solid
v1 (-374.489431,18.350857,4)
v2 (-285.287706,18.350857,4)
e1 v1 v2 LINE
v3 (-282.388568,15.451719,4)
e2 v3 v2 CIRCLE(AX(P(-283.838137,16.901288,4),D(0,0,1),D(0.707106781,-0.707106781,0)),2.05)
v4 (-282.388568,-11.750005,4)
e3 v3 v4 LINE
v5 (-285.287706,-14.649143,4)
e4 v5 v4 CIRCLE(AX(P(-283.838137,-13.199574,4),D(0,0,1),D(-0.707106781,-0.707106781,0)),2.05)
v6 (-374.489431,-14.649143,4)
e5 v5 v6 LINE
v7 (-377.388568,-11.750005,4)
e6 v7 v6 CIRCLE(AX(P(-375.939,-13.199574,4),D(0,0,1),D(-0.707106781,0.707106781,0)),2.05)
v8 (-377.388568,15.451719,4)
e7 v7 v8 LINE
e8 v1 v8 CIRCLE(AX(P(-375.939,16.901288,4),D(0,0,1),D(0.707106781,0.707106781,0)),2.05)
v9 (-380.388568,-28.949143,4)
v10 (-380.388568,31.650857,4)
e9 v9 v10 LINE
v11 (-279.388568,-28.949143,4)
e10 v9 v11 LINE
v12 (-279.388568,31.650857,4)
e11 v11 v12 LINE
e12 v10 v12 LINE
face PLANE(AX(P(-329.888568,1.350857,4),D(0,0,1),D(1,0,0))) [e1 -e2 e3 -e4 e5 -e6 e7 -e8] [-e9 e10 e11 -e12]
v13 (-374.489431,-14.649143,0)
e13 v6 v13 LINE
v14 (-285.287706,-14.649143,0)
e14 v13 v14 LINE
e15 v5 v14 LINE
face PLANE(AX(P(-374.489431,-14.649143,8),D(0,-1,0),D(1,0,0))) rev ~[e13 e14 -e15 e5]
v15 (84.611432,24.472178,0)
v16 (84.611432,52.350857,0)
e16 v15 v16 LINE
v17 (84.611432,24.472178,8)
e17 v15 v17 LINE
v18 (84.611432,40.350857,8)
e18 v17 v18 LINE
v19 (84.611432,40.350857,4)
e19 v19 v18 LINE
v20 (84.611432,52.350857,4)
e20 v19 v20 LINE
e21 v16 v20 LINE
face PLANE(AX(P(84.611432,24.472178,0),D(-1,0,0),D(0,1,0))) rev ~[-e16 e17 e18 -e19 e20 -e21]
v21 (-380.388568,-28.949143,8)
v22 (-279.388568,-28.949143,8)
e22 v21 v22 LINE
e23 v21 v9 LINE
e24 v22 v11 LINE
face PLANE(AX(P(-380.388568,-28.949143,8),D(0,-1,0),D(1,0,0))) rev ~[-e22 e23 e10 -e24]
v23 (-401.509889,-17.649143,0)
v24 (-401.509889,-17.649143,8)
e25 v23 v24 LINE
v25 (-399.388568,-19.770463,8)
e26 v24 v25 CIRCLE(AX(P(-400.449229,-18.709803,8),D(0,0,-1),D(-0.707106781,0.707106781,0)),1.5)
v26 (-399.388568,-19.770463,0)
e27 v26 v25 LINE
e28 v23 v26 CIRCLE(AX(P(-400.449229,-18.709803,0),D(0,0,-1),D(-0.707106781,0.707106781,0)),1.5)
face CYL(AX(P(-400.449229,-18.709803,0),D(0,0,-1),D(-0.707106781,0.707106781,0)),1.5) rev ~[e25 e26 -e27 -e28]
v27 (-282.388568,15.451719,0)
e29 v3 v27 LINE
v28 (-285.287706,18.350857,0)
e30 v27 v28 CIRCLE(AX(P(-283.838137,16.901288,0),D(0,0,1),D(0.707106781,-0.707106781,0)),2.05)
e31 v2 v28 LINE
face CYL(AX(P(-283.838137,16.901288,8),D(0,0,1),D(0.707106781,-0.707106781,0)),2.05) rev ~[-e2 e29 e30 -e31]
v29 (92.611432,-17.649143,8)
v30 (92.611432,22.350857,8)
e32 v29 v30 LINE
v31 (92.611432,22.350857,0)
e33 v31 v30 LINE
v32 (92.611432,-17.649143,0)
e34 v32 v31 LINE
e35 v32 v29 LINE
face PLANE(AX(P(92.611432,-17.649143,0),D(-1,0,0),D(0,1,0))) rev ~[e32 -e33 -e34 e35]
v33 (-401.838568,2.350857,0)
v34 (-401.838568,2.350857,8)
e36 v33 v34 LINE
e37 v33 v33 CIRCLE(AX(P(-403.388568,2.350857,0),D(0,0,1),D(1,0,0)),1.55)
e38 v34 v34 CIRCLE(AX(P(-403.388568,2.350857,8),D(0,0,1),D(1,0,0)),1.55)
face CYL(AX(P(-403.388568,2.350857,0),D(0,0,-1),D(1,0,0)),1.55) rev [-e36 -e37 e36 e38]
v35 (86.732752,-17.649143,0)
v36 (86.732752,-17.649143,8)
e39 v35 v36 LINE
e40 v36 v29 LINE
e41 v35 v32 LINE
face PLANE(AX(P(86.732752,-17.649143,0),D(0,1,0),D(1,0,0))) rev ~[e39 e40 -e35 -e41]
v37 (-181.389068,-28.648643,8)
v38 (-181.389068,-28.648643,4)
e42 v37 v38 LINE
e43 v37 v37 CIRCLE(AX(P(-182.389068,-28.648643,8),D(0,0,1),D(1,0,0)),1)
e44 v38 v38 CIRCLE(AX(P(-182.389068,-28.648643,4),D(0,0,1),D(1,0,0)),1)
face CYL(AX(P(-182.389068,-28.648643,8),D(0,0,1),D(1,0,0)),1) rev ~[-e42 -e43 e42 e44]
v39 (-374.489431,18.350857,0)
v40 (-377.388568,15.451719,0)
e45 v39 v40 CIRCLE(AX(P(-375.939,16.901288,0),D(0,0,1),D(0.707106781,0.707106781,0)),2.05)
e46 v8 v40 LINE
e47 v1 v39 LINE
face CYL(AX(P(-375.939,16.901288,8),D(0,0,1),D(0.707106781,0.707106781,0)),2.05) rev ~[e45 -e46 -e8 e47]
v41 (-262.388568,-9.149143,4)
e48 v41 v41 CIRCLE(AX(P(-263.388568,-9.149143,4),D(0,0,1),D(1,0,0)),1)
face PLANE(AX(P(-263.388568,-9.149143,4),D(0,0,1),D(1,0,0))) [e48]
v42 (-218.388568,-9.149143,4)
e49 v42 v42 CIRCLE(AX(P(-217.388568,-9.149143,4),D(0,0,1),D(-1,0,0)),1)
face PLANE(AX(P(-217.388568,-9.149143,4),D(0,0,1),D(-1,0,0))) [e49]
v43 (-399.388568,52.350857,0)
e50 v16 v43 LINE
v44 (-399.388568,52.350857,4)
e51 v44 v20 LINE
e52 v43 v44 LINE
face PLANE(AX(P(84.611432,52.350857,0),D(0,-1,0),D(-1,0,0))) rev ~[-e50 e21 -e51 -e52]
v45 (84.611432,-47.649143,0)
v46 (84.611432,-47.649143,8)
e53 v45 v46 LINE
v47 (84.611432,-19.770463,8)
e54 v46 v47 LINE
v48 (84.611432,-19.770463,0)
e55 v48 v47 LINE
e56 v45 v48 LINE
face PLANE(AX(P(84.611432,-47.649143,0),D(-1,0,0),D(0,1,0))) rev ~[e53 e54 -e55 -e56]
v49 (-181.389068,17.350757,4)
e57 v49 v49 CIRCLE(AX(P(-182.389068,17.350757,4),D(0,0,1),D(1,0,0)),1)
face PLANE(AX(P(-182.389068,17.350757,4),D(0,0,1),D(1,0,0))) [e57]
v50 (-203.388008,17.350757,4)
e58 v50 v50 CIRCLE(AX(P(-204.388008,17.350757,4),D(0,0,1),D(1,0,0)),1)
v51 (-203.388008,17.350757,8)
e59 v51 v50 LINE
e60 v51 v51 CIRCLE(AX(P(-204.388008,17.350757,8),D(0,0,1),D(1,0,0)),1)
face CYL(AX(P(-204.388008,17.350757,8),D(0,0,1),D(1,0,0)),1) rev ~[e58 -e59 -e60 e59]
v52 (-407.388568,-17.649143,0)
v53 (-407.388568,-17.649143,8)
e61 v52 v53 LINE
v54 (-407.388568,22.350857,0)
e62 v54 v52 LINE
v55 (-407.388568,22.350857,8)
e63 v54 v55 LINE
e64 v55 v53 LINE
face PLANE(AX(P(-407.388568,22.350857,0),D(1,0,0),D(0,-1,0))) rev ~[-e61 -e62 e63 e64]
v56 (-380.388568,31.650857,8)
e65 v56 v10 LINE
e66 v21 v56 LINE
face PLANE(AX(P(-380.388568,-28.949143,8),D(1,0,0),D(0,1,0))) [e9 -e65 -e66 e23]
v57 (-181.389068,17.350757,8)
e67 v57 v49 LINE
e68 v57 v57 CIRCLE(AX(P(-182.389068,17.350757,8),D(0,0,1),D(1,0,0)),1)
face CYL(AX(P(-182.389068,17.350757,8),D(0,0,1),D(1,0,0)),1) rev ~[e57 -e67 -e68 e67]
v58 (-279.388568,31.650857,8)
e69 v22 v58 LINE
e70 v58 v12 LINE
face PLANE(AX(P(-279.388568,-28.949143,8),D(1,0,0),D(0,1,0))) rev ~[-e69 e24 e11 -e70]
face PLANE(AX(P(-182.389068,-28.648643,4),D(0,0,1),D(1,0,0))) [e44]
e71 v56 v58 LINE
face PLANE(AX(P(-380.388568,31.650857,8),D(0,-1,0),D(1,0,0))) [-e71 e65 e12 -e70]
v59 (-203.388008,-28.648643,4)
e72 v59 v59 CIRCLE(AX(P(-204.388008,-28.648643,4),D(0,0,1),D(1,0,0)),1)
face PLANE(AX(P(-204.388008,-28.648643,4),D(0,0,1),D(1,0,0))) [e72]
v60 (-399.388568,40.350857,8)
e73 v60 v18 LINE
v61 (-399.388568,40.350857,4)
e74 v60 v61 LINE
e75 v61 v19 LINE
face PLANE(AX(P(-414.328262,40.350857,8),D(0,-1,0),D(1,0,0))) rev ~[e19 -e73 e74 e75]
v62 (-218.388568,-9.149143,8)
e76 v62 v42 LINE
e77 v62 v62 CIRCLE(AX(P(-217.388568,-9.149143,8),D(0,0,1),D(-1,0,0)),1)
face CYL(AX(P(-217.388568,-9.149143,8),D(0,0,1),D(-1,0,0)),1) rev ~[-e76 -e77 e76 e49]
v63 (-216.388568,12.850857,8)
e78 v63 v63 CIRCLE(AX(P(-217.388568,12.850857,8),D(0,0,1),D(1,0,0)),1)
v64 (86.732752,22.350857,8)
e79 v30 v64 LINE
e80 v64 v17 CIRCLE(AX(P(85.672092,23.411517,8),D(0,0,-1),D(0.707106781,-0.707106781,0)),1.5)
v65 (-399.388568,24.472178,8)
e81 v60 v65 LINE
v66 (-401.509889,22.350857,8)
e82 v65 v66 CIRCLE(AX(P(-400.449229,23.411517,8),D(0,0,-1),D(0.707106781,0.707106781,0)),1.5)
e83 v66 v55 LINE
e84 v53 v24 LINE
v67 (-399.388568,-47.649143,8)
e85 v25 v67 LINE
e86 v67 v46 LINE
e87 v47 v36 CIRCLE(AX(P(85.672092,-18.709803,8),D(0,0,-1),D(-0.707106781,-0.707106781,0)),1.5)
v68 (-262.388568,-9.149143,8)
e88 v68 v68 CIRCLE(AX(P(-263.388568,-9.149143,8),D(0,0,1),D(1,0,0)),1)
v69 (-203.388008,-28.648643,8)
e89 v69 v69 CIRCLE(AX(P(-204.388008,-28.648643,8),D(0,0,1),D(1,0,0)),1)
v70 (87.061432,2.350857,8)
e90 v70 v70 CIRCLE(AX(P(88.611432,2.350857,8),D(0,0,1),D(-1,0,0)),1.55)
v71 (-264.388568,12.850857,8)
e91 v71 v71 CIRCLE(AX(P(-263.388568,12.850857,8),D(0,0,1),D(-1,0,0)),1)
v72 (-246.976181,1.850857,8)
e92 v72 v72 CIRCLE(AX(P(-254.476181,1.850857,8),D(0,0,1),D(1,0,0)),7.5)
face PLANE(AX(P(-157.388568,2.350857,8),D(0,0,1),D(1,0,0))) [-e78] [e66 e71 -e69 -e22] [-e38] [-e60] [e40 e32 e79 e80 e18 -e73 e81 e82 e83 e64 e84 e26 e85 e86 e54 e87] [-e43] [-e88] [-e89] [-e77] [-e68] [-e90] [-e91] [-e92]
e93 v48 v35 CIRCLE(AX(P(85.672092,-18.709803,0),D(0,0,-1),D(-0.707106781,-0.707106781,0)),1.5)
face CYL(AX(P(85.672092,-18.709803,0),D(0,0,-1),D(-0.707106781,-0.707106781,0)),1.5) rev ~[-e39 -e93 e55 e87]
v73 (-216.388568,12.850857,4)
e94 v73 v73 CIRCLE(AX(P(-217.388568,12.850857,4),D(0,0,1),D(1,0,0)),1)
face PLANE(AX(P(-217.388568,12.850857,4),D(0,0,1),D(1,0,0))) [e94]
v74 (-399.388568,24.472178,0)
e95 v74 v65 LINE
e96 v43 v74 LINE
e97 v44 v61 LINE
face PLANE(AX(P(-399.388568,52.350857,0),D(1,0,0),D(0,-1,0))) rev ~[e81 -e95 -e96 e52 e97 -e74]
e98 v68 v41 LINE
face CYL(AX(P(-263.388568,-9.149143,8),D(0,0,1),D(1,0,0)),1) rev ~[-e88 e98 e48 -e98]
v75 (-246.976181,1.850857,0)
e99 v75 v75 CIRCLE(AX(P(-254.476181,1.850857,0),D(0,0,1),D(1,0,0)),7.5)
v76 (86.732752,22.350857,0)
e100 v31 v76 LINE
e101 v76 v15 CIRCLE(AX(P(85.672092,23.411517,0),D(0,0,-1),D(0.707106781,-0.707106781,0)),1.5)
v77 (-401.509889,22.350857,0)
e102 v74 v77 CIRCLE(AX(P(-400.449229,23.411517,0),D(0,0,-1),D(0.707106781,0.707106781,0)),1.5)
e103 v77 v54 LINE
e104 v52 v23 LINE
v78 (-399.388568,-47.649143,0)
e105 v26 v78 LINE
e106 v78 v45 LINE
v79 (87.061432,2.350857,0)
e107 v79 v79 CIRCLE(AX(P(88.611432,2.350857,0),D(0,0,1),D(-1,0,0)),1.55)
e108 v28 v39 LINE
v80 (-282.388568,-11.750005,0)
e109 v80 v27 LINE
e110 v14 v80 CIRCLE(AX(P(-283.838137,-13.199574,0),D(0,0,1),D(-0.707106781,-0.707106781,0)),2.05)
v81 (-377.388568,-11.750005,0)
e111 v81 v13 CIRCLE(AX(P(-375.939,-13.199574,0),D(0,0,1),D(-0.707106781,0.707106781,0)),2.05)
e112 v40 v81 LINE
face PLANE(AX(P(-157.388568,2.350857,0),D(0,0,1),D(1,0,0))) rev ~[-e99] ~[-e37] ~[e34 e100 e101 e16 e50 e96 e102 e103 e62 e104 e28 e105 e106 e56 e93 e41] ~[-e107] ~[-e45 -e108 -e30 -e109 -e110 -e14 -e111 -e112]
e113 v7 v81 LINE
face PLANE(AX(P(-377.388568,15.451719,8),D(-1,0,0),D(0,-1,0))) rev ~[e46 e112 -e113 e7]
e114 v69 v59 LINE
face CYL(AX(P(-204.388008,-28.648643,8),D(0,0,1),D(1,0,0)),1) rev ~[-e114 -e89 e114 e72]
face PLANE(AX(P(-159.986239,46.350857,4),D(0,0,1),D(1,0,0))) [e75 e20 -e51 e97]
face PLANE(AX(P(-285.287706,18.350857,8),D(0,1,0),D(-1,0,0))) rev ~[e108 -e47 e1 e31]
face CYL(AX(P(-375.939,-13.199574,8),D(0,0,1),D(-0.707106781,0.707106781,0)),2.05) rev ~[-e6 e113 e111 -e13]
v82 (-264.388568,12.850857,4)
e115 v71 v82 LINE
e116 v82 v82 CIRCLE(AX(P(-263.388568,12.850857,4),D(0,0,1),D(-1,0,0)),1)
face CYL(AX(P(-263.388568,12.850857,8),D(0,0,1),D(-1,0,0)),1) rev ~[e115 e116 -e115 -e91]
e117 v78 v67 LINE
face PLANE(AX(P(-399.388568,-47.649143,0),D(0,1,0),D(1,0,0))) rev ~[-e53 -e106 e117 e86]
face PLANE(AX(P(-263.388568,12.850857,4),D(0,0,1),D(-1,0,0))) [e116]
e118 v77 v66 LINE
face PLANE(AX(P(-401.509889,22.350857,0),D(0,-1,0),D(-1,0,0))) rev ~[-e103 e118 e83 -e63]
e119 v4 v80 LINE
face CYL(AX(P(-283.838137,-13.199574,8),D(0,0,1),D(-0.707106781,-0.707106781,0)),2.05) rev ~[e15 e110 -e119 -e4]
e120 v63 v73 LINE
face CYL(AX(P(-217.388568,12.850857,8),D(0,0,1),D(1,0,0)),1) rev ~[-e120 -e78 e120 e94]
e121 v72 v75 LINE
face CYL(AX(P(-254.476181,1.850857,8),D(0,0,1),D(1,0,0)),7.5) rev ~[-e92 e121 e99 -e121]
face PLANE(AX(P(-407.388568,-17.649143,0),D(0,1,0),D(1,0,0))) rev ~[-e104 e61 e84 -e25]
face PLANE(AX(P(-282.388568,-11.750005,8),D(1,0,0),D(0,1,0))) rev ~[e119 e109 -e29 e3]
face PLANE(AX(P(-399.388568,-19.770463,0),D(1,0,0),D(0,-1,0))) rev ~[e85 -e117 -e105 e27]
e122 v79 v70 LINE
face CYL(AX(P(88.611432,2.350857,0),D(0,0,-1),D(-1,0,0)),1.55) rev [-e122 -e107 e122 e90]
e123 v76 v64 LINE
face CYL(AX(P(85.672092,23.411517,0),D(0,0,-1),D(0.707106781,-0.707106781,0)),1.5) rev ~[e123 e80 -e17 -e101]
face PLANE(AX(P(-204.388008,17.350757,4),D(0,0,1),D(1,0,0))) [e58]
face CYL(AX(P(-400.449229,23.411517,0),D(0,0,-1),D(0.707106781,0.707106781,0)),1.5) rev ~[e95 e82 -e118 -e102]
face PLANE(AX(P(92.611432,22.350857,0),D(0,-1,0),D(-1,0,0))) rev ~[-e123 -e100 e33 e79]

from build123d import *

# Parameters (mm, degrees)
ESQUISSE1_R             = 1.55
BOSS_EXTRU_1_DEPTH      = 8
ESQUISSE2_W             = 508.684044726
ESQUISSE2_H             = 12
ENL_V_MAT_EXTRU_1_DEPTH = 4
ESQUISSE3_R             = 7.5
ENL_V_MAT_EXTRU_2_DEPTH = 10
ESQUISSE4_W             = 101
ESQUISSE4_H             = 60.6
ENL_V_MAT_EXTRU_3_DEPTH = 4
ESQUISSE5_R             = 1
ENL_V_MAT_EXTRU_4_DEPTH = 4


with BuildPart() as part:
    # Esquisse1 → Boss.-Extru.1 (new body)
    with BuildSketch(Plane.XY):
        with BuildLine():
            Line((-399.388568491, 52.350857253), (-399.388568491, 24.472177597))
            ThreePointArc((-399.388568491, 24.472177597), (-399.388568491, 22.350857253), (-401.509888834, 22.350857253))
            Line((-401.509888834, 22.350857253), (-407.388568491, 22.350857253))
            Line((-407.388568491, 22.350857253), (-407.388568491, -17.649142747))
            Line((-407.388568491, -17.649142747), (-401.509888834, -17.649142747))
            ThreePointArc((-401.509888834, -17.649142747), (-399.388568491, -17.649142747), (-399.388568491, -19.77046309))
            Line((-399.388568491, -19.77046309), (-399.388568491, -47.649142747))
            Line((-399.388568491, -47.649142747), (84.611431509, -47.649142747))
            Line((84.611431509, -47.649142747), (84.611431509, -19.77046309))
            ThreePointArc((84.611431509, -19.77046309), (84.611431509, -17.649142747), (86.732751853, -17.649142747))
            Line((86.732751853, -17.649142747), (92.611431509, -17.649142747))
            Line((92.611431509, -17.649142747), (92.611431509, 22.350857253))
            Line((92.611431509, 22.350857253), (86.732751853, 22.350857253))
            ThreePointArc((86.732751853, 22.350857253), (84.611431509, 22.350857253), (84.611431509, 24.472177597))
            Line((84.611431509, 24.472177597), (84.611431509, 52.350857253))
            Line((84.611431509, 52.350857253), (-399.388568491, 52.350857253))
        make_face()
        with Locations((-403.388568491, 2.350857253)):
            Circle(ESQUISSE1_R, mode=Mode.SUBTRACT)
        with Locations(Location((88.611431509, 2.350857253, 0), (0, 0, 180))):
            Circle(ESQUISSE1_R, mode=Mode.SUBTRACT)
    extrude(amount=BOSS_EXTRU_1_DEPTH)

    # Esquisse2 → Enlèv. mat.-Extru.1 (cut)
    with BuildSketch(Plane.XY.offset(8)):
        with Locations((-159.986239331, 46.350857253)):
            Rectangle(ESQUISSE2_W, ESQUISSE2_H)
    extrude(amount=-ENL_V_MAT_EXTRU_1_DEPTH, mode=Mode.SUBTRACT)

    # Esquisse3 → Enlèv. mat.-Extru.2 (cut)
    with BuildSketch(Plane.XY.offset(8)):
        with Locations((-254.476180512, 1.850857253)):
            Circle(ESQUISSE3_R)
        with BuildLine():
            Line((-374.489430688, -14.649142747), (-285.287706293, -14.649142747))
            ThreePointArc((-285.287706293, -14.649142747), (-282.388568491, -14.649142747), (-282.388568491, -11.750004944))
            Line((-282.388568491, -11.750004944), (-282.388568491, 15.45171945))
            ThreePointArc((-282.388568491, 15.45171945), (-282.388568491, 18.350857253), (-285.287706293, 18.350857253))
            Line((-285.287706293, 18.350857253), (-374.489430688, 18.350857253))
            ThreePointArc((-374.489430688, 18.350857253), (-377.388568491, 18.350857253), (-377.388568491, 15.45171945))
            Line((-377.388568491, 15.45171945), (-377.388568491, -11.750004944))
            ThreePointArc((-377.388568491, -11.750004944), (-377.388568491, -14.649142747), (-374.489430688, -14.649142747))
        make_face()
    extrude(amount=-ENL_V_MAT_EXTRU_2_DEPTH, mode=Mode.SUBTRACT)

    # Esquisse4 → Enlèv. mat.-Extru.3 (cut)
    with BuildSketch(Plane.XY.offset(8)):
        with Locations((-329.888568491, 1.350857253)):
            Rectangle(ESQUISSE4_W, ESQUISSE4_H)
    extrude(amount=-ENL_V_MAT_EXTRU_3_DEPTH, mode=Mode.SUBTRACT)

    # Esquisse5 → Enlèv. mat.-Extru.4 (cut)
    with BuildSketch(Plane.XY.offset(8)):
        with Locations((-263.388568491, -9.149142747)):
            Circle(ESQUISSE5_R)
        with Locations(Location((-263.388568491, 12.850857253, 0), (0, 0, 180))):
            Circle(ESQUISSE5_R)
        with Locations((-217.388568491, 12.850857253)):
            Circle(ESQUISSE5_R)
        with Locations(Location((-217.388568491, -9.149142747, 0), (0, 0, 180))):
            Circle(ESQUISSE5_R)
        with Locations((-204.388008491, 17.350757253)):
            Circle(ESQUISSE5_R)
        with Locations((-182.389068491, 17.350757253)):
            Circle(ESQUISSE5_R)
        with Locations((-204.388008491, -28.648642747)):
            Circle(ESQUISSE5_R)
        with Locations((-182.389068491, -28.648642747)):
            Circle(ESQUISSE5_R)
    extrude(amount=-ENL_V_MAT_EXTRU_4_DEPTH, mode=Mode.SUBTRACT)


solid = part.part
